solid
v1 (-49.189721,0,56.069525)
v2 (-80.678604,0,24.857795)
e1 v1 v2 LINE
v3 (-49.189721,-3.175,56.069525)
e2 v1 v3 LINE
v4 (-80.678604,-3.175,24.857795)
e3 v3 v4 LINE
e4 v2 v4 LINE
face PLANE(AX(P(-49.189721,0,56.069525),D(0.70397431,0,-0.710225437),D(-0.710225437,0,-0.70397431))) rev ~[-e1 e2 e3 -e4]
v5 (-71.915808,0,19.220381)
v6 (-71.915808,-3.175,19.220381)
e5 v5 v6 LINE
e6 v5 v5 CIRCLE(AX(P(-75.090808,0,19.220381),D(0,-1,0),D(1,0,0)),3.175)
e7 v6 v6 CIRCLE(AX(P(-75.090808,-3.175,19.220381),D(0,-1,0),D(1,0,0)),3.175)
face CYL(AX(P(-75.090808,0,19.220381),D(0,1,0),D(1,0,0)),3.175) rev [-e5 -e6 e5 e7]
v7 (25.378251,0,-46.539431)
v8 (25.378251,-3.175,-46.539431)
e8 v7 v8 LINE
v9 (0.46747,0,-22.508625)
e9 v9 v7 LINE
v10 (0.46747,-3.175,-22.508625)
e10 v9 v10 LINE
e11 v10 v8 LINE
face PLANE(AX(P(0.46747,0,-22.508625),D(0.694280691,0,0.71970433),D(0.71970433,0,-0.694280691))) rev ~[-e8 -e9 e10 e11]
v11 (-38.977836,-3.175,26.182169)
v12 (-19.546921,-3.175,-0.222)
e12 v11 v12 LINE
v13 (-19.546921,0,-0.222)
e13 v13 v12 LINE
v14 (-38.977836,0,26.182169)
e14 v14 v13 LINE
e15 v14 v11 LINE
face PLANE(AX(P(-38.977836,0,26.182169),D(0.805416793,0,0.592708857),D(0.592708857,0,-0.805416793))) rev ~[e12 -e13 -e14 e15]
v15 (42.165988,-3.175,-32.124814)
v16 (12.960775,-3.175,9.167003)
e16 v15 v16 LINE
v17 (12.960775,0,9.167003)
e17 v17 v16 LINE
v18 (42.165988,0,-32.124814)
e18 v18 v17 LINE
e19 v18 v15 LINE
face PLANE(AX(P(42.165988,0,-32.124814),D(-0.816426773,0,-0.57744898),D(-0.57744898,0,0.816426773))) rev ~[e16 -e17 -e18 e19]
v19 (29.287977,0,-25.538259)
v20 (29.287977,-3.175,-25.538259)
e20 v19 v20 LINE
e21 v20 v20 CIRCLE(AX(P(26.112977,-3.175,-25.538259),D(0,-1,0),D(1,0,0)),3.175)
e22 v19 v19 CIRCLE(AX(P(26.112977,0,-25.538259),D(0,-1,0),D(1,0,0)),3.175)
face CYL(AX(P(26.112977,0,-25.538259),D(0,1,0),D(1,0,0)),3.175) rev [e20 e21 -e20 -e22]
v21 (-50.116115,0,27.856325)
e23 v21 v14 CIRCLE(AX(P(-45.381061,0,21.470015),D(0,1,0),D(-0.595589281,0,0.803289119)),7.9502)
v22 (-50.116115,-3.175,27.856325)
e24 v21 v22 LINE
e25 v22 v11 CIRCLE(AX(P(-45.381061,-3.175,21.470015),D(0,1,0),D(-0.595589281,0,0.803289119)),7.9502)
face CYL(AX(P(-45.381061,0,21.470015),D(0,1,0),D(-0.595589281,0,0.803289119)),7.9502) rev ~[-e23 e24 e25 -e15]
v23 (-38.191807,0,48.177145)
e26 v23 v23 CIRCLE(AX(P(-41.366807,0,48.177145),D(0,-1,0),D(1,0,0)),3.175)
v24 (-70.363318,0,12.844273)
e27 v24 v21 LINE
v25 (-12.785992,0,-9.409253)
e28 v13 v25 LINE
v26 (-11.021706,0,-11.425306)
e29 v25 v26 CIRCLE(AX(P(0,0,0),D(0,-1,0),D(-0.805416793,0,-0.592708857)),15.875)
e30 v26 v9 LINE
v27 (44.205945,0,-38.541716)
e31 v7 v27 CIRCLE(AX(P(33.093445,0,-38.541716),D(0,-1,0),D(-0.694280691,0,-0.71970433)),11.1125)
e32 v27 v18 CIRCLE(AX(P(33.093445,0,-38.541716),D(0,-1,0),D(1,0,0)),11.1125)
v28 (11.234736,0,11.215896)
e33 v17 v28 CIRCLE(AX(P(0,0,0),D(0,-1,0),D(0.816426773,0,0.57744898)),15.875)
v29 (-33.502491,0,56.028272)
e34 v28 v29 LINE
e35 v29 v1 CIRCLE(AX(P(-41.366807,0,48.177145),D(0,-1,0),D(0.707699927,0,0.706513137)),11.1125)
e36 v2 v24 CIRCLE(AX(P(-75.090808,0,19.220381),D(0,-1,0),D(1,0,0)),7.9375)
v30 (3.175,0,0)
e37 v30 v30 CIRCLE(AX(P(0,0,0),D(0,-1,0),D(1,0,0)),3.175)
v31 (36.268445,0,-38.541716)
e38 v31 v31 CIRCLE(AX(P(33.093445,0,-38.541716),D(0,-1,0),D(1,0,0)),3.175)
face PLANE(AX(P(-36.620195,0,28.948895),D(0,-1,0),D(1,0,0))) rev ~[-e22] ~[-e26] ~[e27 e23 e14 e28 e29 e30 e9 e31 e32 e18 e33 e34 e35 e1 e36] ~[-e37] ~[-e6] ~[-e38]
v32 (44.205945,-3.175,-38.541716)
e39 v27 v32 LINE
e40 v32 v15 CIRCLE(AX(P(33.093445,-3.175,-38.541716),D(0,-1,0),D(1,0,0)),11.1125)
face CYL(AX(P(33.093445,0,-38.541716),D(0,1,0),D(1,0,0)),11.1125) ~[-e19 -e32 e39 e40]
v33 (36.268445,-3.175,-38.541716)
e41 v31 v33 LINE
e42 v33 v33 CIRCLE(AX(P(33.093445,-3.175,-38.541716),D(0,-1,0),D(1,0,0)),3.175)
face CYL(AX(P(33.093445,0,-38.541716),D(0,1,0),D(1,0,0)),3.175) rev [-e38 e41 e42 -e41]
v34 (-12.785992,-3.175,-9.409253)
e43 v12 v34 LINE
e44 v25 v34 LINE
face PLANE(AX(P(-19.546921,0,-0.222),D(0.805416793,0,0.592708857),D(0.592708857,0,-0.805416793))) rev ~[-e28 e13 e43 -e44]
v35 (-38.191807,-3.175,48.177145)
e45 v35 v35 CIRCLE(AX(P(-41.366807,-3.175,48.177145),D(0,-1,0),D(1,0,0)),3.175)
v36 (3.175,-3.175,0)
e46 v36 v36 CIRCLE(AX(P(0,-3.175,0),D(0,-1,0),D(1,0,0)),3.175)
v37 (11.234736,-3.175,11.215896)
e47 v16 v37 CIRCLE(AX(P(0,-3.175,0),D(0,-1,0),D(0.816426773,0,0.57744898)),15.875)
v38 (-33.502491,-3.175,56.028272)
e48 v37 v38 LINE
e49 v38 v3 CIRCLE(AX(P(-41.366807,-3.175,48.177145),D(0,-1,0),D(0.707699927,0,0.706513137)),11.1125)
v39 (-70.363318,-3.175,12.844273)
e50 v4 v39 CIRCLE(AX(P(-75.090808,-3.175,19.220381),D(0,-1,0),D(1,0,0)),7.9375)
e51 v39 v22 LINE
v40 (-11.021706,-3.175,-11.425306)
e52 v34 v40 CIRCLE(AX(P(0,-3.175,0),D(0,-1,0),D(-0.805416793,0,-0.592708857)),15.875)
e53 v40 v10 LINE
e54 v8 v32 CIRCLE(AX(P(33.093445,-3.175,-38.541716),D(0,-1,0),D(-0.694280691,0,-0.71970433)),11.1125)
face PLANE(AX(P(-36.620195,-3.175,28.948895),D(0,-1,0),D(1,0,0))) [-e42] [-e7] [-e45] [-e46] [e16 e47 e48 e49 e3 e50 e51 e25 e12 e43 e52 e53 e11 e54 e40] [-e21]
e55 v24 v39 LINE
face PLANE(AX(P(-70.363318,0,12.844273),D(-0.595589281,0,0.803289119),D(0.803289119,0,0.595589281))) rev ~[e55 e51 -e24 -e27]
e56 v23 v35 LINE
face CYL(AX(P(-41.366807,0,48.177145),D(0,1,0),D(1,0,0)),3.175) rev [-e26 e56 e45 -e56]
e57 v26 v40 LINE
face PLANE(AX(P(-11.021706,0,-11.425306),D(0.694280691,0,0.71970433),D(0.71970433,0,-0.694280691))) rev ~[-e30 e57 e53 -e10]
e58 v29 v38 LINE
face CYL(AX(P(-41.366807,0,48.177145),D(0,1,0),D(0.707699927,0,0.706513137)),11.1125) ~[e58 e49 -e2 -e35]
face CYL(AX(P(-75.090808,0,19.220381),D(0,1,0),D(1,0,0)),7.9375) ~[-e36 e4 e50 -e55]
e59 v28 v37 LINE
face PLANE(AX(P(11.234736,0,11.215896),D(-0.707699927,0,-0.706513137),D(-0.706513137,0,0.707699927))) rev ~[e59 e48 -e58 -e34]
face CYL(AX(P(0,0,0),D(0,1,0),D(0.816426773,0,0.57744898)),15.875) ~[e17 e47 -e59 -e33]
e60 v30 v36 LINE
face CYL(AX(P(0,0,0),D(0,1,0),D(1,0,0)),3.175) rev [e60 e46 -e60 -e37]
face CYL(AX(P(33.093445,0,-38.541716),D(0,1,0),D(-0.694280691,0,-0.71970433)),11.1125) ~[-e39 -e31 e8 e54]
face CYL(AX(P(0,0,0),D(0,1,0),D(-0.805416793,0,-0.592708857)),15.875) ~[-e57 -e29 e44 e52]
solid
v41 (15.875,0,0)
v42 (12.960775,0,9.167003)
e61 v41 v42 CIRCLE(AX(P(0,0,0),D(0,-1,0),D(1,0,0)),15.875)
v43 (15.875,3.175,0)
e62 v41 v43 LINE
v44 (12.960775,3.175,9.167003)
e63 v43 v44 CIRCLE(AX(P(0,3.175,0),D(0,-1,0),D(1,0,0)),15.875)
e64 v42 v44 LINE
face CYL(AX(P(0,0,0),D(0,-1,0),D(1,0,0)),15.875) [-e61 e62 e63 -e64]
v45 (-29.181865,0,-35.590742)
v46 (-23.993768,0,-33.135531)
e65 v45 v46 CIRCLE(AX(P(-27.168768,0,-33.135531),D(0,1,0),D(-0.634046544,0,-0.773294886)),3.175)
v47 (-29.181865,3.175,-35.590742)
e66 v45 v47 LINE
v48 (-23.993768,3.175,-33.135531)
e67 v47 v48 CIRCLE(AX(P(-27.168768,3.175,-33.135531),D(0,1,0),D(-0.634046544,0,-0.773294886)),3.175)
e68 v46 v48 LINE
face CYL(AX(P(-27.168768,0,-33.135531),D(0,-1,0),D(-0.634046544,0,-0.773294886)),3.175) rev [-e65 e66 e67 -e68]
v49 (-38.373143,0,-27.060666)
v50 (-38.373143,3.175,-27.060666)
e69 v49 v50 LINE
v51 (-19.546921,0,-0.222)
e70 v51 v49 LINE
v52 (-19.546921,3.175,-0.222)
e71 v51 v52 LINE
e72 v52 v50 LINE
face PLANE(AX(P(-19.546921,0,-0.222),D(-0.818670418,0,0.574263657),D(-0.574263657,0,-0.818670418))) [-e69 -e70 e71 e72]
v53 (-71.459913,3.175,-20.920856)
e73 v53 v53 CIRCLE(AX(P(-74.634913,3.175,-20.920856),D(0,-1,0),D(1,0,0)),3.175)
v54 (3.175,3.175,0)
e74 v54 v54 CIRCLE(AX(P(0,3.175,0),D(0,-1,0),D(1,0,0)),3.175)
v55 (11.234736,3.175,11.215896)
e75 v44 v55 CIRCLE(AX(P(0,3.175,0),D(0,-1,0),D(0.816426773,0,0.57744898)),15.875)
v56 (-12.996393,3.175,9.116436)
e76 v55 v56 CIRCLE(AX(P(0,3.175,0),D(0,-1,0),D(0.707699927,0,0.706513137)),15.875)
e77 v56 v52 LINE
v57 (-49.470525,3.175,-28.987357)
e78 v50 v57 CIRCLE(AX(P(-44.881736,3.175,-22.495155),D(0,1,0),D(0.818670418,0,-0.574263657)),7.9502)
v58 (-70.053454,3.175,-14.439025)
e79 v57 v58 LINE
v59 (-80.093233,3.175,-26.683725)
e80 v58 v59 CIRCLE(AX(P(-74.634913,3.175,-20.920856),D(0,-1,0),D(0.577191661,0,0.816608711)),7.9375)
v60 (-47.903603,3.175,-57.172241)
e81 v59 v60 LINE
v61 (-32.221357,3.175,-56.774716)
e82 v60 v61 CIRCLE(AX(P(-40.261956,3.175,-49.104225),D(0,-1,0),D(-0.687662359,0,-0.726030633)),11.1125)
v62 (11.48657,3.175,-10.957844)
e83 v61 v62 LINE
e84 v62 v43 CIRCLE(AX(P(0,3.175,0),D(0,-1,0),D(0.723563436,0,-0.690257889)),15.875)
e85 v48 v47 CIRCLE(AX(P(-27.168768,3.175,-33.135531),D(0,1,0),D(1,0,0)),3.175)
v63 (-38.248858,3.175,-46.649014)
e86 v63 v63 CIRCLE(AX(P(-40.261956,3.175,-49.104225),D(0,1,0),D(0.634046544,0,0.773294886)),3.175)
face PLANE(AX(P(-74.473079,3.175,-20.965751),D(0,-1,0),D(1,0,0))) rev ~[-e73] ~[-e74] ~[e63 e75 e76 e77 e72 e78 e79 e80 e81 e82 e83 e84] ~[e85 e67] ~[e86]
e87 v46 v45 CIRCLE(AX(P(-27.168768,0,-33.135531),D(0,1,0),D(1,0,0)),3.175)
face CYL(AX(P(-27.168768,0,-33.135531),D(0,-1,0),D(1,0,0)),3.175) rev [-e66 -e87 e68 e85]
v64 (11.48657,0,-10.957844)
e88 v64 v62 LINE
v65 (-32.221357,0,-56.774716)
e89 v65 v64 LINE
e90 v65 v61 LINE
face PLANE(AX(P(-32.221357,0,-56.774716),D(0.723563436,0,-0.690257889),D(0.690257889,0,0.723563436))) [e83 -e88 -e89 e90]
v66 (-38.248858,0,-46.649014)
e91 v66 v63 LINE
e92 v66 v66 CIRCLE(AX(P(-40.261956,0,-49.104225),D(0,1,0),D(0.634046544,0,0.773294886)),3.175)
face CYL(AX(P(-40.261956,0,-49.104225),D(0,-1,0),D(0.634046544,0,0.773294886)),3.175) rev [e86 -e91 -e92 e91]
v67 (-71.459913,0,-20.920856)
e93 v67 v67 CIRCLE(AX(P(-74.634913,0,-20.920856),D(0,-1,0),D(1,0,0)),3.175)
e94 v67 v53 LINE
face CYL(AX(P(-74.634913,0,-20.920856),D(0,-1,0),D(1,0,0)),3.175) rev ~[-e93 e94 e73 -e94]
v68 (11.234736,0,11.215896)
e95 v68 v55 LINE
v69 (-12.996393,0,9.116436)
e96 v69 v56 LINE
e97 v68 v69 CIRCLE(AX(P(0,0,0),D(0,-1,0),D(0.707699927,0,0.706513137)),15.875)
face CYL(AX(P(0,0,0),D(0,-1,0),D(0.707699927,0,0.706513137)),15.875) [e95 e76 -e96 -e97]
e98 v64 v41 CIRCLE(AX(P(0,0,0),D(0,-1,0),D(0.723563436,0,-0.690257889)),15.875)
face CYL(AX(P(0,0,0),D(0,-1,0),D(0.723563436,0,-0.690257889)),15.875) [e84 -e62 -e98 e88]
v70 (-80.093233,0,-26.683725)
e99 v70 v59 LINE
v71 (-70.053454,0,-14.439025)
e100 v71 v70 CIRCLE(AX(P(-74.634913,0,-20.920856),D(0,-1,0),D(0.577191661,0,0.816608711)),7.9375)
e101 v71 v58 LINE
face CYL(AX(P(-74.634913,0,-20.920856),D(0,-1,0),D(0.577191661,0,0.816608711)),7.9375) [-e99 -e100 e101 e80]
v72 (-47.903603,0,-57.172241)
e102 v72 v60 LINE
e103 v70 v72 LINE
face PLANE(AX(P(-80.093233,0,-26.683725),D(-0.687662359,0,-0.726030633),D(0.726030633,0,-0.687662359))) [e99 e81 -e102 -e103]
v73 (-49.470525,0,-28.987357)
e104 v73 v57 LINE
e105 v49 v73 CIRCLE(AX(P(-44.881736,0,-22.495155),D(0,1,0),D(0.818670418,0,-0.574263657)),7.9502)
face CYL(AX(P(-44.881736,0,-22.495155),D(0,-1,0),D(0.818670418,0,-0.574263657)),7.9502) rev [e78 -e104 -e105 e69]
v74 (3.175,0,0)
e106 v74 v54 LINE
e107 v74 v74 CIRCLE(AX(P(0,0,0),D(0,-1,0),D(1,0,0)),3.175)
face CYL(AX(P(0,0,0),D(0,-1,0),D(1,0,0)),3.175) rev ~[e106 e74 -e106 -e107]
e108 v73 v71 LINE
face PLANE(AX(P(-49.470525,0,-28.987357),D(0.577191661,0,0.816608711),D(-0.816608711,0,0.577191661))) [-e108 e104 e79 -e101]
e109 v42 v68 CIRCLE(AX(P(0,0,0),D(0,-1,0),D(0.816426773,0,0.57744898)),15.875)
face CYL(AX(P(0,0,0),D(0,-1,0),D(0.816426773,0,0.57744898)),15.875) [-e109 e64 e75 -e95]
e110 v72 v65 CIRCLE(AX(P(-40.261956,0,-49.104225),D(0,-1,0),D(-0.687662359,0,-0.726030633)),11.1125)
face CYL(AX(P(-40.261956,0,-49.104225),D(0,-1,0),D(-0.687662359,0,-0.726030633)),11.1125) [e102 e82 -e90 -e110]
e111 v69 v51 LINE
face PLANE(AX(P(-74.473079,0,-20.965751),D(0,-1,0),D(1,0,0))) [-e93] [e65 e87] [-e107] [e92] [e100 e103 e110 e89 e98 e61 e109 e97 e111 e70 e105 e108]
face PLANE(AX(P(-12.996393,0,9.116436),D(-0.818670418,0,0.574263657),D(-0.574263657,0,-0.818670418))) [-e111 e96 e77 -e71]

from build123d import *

# Parameters (mm, degrees)
F0_R     = 3.175
F0_R_2   = 3.9751
F1_DEPTH = 3.175
F2_DEPTH = 3.175


with BuildPart() as f1:
    # F0 (on Front) → F1 (new body)
    with BuildSketch(Plane.XZ):
        with BuildLine():
            ThreePointArc((-12.9963928803, 9.116435548), (-1.3703255214, 15.8157463613), (11.2347363475, 11.2158960499))
            Line((11.2347363475, 11.2158960499), (-33.502491082, 56.0282724172))
            ThreePointArc((-33.502491082, 56.0282724172), (-31.0984117721, 52.4254066435), (-30.2543065252, 48.1771451822))
            ThreePointArc((-30.2543065252, 48.1771451822), (-45.6420561484, 37.9199576091), (-49.189721042, 56.06952535))
            Line((-49.189721042, 56.06952535), (-80.6786042362, 24.8577950201))
            ThreePointArc((-80.6786042362, 24.8577950201), (-72.0370584219, 26.5469431668), (-67.1533081527, 19.2203806146))
            ThreePointArc((-67.1533081527, 19.2203806146), (-68.0010846925, 15.6511051269), (-70.3633182333, 12.8442732353))
            Line((-70.3633182333, 12.8442732353), (-50.1161145203, 27.8563245948))
            ThreePointArc((-50.1161145203, 27.8563245948), (-44.1993680748, 29.3319034343), (-38.9778360276, 26.1821693991))
            Line((-38.9778360276, 26.1821693991), (-19.5469214699, -0.2219997072))
            Line((-19.5469214699, -0.2219997072), (-12.9963928803, 9.116435548))
        make_face()
        with BuildLine():
            ThreePointArc((-30.2543065252, 48.1771451822), (-31.0984117721, 52.4254066435), (-33.502491082, 56.0282724172))
            ThreePointArc((-33.502491082, 56.0282724172), (-41.3375839262, 59.2896067587), (-49.189721042, 56.06952535))
            ThreePointArc((-49.189721042, 56.06952535), (-45.6420561484, 37.9199576091), (-30.2543065252, 48.1771451822))
        make_face()
        with Locations((-41.3668065252, 48.1771451822)):
            Circle(F0_R, mode=Mode.SUBTRACT)
        with BuildLine():
            ThreePointArc((12.960775018, 9.1670025599), (15.1289115341, 4.809538522), (15.875, 0))
            ThreePointArc((15.875, 0), (14.7371115992, -5.9019629541), (11.4865695481, -10.9578439949))
            Line((11.4865695481, -10.9578439949), (0.4674695088, -22.5086252451))
            Line((0.4674695088, -22.5086252451), (25.3782510467, -46.539430514))
            ThreePointArc((25.3782510467, -46.539430514), (25.8542540782, -30.1107157389), (42.1659877328, -32.1248143539))
            Line((42.1659877328, -32.1248143539), (12.960775018, 9.1670025599))
        make_face()
        with Locations((26.1129773372, -25.5382585473)):
            Circle(F0_R, mode=Mode.SUBTRACT)
        with BuildLine():
            ThreePointArc((-12.7859915921, -9.4092531056), (-15.8739762597, -0.1802850688), (-12.9963928803, 9.116435548))
            Line((-12.9963928803, 9.116435548), (-19.5469214699, -0.2219997072))
            Line((-19.5469214699, -0.2219997072), (-12.7859915921, -9.4092531056))
        make_face()
        with BuildLine():
            Line((0.4674695088, -22.5086252451), (11.4865695481, -10.9578439949))
            ThreePointArc((11.4865695481, -10.9578439949), (0.3296282392, -15.8715774334), (-11.0217059621, -11.4253062403))
            Line((-11.0217059621, -11.4253062403), (0.4674695088, -22.5086252451))
        make_face()
        with BuildLine():
            ThreePointArc((44.2059452202, -38.5417161458), (43.683683294, -35.1750391804), (42.1659877328, -32.1248143539))
            ThreePointArc((42.1659877328, -32.1248143539), (25.8542540782, -30.1107157389), (25.3782510467, -46.539430514))
            ThreePointArc((25.3782510467, -46.539430514), (37.4381293857, -48.7696864112), (44.2059452202, -38.5417161458))
        make_face()
        with Locations((33.0934452202, -38.5417161458)):
            Circle(F0_R, mode=Mode.SUBTRACT)
        with BuildLine():
            ThreePointArc((-67.1533081527, 19.2203806146), (-72.0370584219, 26.5469431668), (-80.6786042362, 24.8577950201))
            ThreePointArc((-80.6786042362, 24.8577950201), (-81.1129513005, 14.0495297989), (-70.3633182333, 12.8442732353))
            ThreePointArc((-70.3633182333, 12.8442732353), (-68.0010846925, 15.6511051269), (-67.1533081527, 19.2203806146))
        make_face()
        with Locations((-75.0908081527, 19.2203806146)):
            Circle(F0_R, mode=Mode.SUBTRACT)
        with BuildLine():
            ThreePointArc((11.4865695481, -10.9578439949), (14.7371115992, -5.9019629541), (15.875, 0))
            ThreePointArc((15.875, 0), (15.1289115341, 4.809538522), (12.960775018, 9.1670025599))
            ThreePointArc((12.960775018, 9.1670025599), (12.1410536484, 10.2279245846), (11.2347363475, 11.2158960499))
            ThreePointArc((11.2347363475, 11.2158960499), (-1.3703255214, 15.8157463613), (-12.9963928803, 9.116435548))
            ThreePointArc((-12.9963928803, 9.116435548), (-15.8739762597, -0.1802850688), (-12.7859915921, -9.4092531056))
            ThreePointArc((-12.7859915921, -9.4092531056), (-11.9464527484, -10.4545632013), (-11.0217059621, -11.4253062403))
            ThreePointArc((-11.0217059621, -11.4253062403), (0.3296282392, -15.8715774334), (11.4865695481, -10.9578439949))
        make_face()
        Circle(F0_R_2, mode=Mode.SUBTRACT)
        Circle(F0_R_2)
        Circle(F0_R, mode=Mode.SUBTRACT)
    extrude(amount=F1_DEPTH)


with BuildPart() as f2:
    # F0 (on Front) → F2 (new body)
    with BuildSketch(Plane.XZ):
        with BuildLine():
            ThreePointArc((-70.0534543926, -14.4390247389), (-80.7729413552, -15.8881119418), (-80.0932331707, -26.6837245343))
            ThreePointArc((-80.0932331707, -26.6837245343), (-71.4981559981, -28.212266432), (-66.697413199, -20.9208563824))
            ThreePointArc((-66.697413199, -20.9208563824), (-67.5861815569, -17.2712963422), (-70.0534543926, -14.4390247389))
        make_face()
        with Locations((-74.634913199, -20.9208563824)):
            Circle(F0_R, mode=Mode.SUBTRACT)
        with BuildLine():
            ThreePointArc((-47.9036034847, -57.1722406622), (-39.9803585162, -60.2131567631), (-32.2213568408, -56.7747160459))
            ThreePointArc((-32.2213568408, -56.7747160459), (-29.945977405, -53.2355993173), (-29.1494555244, -49.1042252495))
            ThreePointArc((-29.1494555244, -49.1042252495), (-30.2174401582, -44.3507667919), (-33.2161133077, -40.5109858308))
            ThreePointArc((-33.2161133077, -40.5109858308), (-48.5979077352, -41.7557861642), (-47.9036034847, -57.1722406622))
        make_face()
        with BuildLine():
            ThreePointArc((-37.0869555244, -49.1042252495), (-43.1318170576, -50.4623562373), (-38.2488577482, -46.649013987))
            ThreePointArc((-38.2488577482, -46.649013987), (-37.3920939912, -47.7460942616), (-37.0869555244, -49.1042252495))
        make_face(mode=Mode.SUBTRACT)
        with BuildLine():
            ThreePointArc((11.4865695481, -10.9578439949), (14.7371115992, -5.9019629541), (15.875, 0))
            ThreePointArc((15.875, 0), (15.1289115341, 4.809538522), (12.960775018, 9.1670025599))
            ThreePointArc((12.960775018, 9.1670025599), (12.1410536484, 10.2279245846), (11.2347363475, 11.2158960499))
            ThreePointArc((11.2347363475, 11.2158960499), (-1.3703255214, 15.8157463613), (-12.9963928803, 9.116435548))
            ThreePointArc((-12.9963928803, 9.116435548), (-15.8739762597, -0.1802850688), (-12.7859915921, -9.4092531056))
            ThreePointArc((-12.7859915921, -9.4092531056), (-11.9464527484, -10.4545632013), (-11.0217059621, -11.4253062403))
            ThreePointArc((-11.0217059621, -11.4253062403), (0.3296282392, -15.8715774334), (11.4865695481, -10.9578439949))
        make_face()
        Circle(F0_R_2, mode=Mode.SUBTRACT)
        with BuildLine():
            Line((0.4674695088, -22.5086252451), (-11.0217059621, -11.4253062403))
            ThreePointArc((-11.0217059621, -11.4253062403), (-11.9464527484, -10.4545632013), (-12.7859915921, -9.4092531056))
            Line((-12.7859915921, -9.4092531056), (-19.5469214699, -0.2219997072))
            Line((-19.5469214699, -0.2219997072), (-38.3731426606, -27.0606655164))
            ThreePointArc((-38.3731426606, -27.0606655164), (-43.5217923092, -30.3281765276), (-49.4705253556, -28.9873571681))
            Line((-49.4705253556, -28.9873571681), (-70.0534543926, -14.4390247389))
            ThreePointArc((-70.0534543926, -14.4390247389), (-67.5861815569, -17.2712963422), (-66.697413199, -20.9208563824))
            ThreePointArc((-66.697413199, -20.9208563824), (-71.4981559981, -28.212266432), (-80.0932331707, -26.6837245343))
            Line((-80.0932331707, -26.6837245343), (-47.9036034847, -57.1722406622))
            ThreePointArc((-47.9036034847, -57.1722406622), (-48.5979077352, -41.7557861642), (-33.2161133077, -40.5109858308))
            ThreePointArc((-33.2161133077, -40.5109858308), (-30.2174401582, -44.3507667919), (-29.1494555244, -49.1042252495))
            ThreePointArc((-29.1494555244, -49.1042252495), (-29.945977405, -53.2355993173), (-32.2213568408, -56.7747160459))
            Line((-32.2213568408, -56.7747160459), (0.4674695088, -22.5086252451))
        make_face()
        with BuildLine():
            ThreePointArc((-23.9937675879, -33.1355311983), (-25.8106366, -36.0053927315), (-29.1818653641, -35.5907424608))
            ThreePointArc((-29.1818653641, -35.5907424608), (-28.5268985758, -30.2656696651), (-23.9937675879, -33.1355311983))
        make_face(mode=Mode.SUBTRACT)
        with BuildLine():
            Line((0.4674695088, -22.5086252451), (11.4865695481, -10.9578439949))
            ThreePointArc((11.4865695481, -10.9578439949), (0.3296282392, -15.8715774334), (-11.0217059621, -11.4253062403))
            Line((-11.0217059621, -11.4253062403), (0.4674695088, -22.5086252451))
        make_face()
        with BuildLine():
            ThreePointArc((-12.7859915921, -9.4092531056), (-15.8739762597, -0.1802850688), (-12.9963928803, 9.116435548))
            Line((-12.9963928803, 9.116435548), (-19.5469214699, -0.2219997072))
            Line((-19.5469214699, -0.2219997072), (-12.7859915921, -9.4092531056))
        make_face()
        Circle(F0_R_2)
        Circle(F0_R, mode=Mode.SUBTRACT)
    extrude(amount=-F2_DEPTH)


solid = Compound([f1.part, f2.part])
